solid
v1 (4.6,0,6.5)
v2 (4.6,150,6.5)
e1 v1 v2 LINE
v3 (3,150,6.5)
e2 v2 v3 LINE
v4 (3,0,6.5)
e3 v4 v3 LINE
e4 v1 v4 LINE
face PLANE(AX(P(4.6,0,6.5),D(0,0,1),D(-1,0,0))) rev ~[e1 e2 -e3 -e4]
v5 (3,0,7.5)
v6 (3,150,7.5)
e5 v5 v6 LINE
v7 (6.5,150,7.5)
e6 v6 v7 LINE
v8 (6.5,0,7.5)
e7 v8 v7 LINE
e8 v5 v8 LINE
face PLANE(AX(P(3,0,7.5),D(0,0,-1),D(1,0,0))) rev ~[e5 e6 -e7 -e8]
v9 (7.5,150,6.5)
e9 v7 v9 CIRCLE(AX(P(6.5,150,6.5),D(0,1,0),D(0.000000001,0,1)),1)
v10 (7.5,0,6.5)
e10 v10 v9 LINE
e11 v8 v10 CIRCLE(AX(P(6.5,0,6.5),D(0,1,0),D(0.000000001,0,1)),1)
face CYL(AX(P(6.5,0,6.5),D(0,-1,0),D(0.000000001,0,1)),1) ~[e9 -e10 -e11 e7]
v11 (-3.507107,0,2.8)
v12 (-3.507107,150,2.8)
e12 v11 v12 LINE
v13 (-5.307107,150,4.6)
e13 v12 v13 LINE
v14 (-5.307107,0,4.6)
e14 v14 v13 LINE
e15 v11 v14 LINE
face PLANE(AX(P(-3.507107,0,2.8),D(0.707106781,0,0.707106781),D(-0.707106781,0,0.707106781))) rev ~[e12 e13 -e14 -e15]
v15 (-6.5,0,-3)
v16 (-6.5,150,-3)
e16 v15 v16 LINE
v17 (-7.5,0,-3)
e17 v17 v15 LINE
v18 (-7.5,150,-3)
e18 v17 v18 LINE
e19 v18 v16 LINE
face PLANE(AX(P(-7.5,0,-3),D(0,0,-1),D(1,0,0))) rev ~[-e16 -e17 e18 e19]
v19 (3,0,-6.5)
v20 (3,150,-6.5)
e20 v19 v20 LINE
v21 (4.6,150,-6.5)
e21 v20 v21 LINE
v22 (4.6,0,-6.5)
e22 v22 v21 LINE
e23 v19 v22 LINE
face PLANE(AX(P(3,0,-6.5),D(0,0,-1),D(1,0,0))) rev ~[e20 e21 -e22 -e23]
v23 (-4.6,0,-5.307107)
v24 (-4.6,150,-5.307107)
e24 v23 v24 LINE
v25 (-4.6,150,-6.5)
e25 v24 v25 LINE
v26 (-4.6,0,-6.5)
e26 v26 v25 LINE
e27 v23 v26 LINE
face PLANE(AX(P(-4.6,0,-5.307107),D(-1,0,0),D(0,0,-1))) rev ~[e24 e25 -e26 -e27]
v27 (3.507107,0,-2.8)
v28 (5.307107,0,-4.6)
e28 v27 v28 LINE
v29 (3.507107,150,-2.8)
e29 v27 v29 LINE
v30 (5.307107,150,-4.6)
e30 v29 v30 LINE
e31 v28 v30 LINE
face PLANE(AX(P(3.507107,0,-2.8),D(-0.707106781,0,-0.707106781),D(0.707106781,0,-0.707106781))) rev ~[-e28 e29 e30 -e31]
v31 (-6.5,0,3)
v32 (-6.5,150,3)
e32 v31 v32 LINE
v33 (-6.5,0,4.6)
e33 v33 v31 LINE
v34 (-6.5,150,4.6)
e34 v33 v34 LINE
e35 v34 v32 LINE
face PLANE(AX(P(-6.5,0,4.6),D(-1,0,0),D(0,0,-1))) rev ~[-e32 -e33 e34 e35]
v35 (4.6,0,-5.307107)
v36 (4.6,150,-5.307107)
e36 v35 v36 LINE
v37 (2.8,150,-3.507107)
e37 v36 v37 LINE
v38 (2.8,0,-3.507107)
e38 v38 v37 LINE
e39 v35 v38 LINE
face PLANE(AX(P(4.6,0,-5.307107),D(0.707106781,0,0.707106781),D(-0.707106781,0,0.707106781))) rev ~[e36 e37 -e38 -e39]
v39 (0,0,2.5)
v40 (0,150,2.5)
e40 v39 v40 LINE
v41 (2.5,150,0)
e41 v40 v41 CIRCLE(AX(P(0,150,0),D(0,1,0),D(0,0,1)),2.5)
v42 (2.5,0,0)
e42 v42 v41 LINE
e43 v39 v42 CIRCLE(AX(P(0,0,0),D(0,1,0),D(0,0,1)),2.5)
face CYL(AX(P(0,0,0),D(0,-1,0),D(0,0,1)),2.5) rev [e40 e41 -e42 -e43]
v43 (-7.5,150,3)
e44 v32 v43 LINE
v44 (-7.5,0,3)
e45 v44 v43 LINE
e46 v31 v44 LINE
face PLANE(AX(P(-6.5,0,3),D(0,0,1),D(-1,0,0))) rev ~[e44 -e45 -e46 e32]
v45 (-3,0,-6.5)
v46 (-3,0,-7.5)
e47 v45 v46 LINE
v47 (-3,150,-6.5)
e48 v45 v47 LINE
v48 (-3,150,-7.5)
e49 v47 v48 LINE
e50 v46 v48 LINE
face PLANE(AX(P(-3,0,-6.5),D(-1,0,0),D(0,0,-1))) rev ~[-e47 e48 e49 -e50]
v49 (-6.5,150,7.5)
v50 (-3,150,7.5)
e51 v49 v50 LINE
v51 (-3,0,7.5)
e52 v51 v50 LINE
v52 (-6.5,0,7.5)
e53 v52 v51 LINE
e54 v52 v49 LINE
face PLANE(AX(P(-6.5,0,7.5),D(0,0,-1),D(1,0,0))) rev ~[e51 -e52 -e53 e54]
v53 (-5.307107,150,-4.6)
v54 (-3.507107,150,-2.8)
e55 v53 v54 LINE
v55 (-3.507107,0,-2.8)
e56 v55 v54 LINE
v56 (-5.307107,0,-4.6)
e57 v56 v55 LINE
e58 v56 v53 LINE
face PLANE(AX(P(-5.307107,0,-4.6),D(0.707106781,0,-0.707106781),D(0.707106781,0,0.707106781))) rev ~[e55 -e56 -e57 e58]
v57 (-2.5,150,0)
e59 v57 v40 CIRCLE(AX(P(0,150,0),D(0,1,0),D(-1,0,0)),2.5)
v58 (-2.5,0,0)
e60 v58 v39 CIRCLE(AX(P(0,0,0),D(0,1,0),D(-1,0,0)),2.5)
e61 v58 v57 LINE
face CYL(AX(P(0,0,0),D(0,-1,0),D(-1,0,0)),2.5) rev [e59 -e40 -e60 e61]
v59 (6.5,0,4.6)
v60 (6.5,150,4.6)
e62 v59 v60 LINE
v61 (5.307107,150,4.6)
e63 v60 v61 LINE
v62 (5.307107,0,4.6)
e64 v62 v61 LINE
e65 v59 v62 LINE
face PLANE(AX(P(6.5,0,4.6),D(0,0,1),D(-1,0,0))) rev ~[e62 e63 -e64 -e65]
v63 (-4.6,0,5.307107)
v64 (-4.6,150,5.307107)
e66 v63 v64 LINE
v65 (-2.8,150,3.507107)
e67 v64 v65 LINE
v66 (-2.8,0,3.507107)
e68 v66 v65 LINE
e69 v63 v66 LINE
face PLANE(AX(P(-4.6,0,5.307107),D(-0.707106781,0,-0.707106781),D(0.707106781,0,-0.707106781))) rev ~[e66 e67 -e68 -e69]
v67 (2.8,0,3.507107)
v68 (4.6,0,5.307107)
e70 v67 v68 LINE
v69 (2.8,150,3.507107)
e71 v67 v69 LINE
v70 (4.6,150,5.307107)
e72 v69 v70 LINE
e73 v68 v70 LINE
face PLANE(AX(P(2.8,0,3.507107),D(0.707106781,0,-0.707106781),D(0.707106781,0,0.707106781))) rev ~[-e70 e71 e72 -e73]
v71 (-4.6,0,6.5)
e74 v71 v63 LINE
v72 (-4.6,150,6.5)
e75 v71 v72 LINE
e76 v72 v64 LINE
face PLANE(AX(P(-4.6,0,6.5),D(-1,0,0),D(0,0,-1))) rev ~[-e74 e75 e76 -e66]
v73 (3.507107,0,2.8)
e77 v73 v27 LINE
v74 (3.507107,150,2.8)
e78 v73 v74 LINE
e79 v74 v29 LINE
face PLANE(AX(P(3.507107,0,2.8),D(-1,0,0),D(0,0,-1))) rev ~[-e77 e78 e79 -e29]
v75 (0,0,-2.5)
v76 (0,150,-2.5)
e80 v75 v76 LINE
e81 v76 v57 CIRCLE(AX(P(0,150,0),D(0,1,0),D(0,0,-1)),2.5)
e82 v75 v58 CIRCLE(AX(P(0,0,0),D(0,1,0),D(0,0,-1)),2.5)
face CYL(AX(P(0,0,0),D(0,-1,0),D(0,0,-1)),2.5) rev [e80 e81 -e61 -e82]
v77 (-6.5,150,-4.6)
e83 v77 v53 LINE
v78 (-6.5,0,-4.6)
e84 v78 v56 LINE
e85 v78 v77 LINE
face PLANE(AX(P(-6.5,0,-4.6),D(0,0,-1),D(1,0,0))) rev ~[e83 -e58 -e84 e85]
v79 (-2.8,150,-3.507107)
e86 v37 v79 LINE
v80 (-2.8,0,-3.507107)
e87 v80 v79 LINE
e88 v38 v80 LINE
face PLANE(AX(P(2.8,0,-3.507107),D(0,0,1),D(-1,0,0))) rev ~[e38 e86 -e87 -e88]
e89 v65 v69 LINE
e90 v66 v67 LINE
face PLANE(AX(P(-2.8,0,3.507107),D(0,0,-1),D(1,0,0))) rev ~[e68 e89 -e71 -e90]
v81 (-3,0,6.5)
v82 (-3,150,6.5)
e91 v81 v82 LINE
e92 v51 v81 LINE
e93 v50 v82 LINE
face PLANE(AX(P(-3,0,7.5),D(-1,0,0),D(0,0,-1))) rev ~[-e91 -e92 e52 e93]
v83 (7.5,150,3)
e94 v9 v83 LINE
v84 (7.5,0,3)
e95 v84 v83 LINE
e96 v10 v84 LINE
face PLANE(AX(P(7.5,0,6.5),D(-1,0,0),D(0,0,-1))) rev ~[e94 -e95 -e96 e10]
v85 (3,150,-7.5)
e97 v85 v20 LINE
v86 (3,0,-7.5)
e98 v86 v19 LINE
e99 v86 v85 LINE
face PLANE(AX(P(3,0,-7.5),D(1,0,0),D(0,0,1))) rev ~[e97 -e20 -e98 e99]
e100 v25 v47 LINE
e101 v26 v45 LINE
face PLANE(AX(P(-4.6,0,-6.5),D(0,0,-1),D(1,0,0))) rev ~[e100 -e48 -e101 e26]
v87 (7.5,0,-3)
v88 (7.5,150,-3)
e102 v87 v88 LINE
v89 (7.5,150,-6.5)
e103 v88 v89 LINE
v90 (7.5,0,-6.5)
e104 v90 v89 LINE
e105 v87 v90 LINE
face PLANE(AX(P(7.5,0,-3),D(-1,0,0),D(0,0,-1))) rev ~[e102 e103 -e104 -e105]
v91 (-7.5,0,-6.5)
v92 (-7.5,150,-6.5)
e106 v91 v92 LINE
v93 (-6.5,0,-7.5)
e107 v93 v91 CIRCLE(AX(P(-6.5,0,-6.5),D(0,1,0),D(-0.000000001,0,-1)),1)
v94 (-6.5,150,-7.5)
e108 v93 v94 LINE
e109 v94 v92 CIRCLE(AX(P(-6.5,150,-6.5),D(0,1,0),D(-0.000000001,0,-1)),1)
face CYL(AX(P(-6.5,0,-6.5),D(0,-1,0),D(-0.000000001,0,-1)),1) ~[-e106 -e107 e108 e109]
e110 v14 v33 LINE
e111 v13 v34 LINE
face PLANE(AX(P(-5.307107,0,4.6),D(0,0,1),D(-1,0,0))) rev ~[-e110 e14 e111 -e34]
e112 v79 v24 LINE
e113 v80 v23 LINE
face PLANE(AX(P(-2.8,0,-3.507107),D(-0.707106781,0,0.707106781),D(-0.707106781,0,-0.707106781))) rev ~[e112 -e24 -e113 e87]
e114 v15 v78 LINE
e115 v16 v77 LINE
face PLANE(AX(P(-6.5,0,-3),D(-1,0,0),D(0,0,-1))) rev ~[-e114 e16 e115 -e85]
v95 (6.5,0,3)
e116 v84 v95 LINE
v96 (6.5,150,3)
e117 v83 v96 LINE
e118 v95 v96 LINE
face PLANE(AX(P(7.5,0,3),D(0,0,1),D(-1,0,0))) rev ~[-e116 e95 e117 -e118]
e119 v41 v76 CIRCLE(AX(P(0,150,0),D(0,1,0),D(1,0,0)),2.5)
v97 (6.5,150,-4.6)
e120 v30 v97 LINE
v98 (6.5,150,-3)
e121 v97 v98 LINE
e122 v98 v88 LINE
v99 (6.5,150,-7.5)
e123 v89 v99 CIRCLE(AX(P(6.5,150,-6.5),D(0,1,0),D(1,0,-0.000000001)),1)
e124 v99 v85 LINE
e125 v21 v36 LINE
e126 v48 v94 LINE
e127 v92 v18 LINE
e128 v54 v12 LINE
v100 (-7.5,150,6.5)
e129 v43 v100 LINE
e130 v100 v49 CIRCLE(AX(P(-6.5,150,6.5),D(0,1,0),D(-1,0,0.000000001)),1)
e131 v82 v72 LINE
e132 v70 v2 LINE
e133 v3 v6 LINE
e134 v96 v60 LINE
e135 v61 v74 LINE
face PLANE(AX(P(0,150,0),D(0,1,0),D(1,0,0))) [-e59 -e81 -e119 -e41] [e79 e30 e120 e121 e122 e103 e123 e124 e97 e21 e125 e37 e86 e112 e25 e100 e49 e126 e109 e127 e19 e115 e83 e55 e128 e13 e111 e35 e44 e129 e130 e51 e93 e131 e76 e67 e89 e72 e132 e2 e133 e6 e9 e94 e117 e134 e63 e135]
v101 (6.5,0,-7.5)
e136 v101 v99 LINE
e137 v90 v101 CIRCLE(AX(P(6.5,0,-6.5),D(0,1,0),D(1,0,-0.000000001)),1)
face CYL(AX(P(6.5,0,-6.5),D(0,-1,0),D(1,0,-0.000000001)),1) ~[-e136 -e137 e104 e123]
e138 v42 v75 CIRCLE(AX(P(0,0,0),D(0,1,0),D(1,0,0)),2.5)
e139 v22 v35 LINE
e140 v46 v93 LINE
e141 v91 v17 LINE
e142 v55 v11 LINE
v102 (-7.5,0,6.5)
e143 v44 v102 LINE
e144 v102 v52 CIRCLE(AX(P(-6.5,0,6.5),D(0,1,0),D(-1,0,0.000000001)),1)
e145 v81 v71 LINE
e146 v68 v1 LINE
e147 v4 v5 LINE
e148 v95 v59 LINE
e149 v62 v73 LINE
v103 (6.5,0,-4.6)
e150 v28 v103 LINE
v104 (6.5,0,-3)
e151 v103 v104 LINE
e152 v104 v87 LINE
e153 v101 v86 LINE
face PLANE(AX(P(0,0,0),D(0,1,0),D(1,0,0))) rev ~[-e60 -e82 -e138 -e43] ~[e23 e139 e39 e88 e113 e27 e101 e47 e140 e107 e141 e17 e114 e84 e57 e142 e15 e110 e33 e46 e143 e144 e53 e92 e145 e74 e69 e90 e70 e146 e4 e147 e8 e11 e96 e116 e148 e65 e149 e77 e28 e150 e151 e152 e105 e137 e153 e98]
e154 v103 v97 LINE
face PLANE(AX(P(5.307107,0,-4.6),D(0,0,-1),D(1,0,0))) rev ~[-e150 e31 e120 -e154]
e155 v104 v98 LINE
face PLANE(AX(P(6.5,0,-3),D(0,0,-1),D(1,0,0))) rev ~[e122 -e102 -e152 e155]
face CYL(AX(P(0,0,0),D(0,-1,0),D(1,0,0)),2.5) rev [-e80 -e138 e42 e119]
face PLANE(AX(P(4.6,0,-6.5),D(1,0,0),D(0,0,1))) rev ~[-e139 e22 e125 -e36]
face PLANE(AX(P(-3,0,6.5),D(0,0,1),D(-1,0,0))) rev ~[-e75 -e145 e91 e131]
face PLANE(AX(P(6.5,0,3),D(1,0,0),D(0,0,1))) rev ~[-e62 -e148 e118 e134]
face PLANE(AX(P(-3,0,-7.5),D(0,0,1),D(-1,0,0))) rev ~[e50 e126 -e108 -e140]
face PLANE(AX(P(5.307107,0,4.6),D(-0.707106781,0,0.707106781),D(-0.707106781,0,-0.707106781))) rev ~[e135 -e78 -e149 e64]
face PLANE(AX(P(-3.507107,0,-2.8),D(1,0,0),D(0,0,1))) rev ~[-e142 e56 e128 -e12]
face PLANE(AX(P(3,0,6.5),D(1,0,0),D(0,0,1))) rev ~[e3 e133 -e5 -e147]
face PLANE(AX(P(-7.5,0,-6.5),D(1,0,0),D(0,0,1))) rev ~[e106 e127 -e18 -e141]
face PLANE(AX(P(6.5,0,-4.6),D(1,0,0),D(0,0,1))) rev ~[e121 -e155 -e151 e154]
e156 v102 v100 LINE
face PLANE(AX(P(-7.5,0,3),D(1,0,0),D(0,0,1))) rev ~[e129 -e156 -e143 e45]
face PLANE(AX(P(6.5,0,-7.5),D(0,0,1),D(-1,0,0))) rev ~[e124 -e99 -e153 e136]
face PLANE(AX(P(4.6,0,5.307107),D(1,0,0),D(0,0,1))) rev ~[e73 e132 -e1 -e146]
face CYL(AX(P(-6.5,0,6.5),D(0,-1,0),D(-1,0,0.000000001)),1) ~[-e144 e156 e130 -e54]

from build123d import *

# Parameters (mm, degrees)
BOSS_EXTRUDE1_DEPTH = 150


with BuildPart() as part:
    # Sketch1 → Boss-Extrude1 (new body)
    with BuildSketch(Plane(origin=(0, 0, 0), x_dir=(1, 0, 0), z_dir=(0, 1, 0))):
        with BuildLine():
            Line((-7.5, -3), (-7.5, -6.5))
            ThreePointArc((-7.5, -6.5), (-7.207106781, -7.207106781), (-6.5, -7.5))
            Line((-6.5, -7.5), (-3, -7.5))
            Line((-3, -7.5), (-3, -6.5))
            Line((-3, -6.5), (-4.6, -6.5))
            Line((-4.6, -6.5), (-4.6, -5.307106781))
            Line((-4.6, -5.307106781), (-2.8, -3.507106781))
            Line((-2.8, -3.507106781), (0, -3.507106781))
            Line((0, -3.507106781), (2.8, -3.507106781))
            Line((2.8, -3.507106781), (4.6, -5.307106781))
            Line((4.6, -5.307106781), (4.6, -6.5))
            Line((4.6, -6.5), (3, -6.5))
            Line((3, -6.5), (3, -7.5))
            Line((3, -7.5), (6.5, -7.5))
            ThreePointArc((6.5, -7.5), (7.207106781, -7.207106781), (7.5, -6.5))
            Line((7.5, -6.5), (7.5, -3))
            Line((7.5, -3), (6.5, -3))
            Line((6.5, -3), (6.5, -4.6))
            Line((6.5, -4.6), (5.307106781, -4.6))
            Line((5.307106781, -4.6), (3.507106781, -2.8))
            Line((3.507106781, -2.8), (3.507106781, 0))
            Line((3.507106781, 0), (3.507106781, 2.8))
            Line((3.507106781, 2.8), (5.307106781, 4.6))
            Line((5.307106781, 4.6), (6.5, 4.6))
            Line((6.5, 4.6), (6.5, 3))
            Line((6.5, 3), (7.5, 3))
            Line((7.5, 3), (7.5, 6.5))
            ThreePointArc((7.5, 6.5), (7.207106781, 7.207106781), (6.5, 7.5))
            Line((6.5, 7.5), (3, 7.5))
            Line((3, 7.5), (3, 6.5))
            Line((3, 6.5), (4.6, 6.5))
            Line((4.6, 6.5), (4.6, 5.307106781))
            Line((4.6, 5.307106781), (2.8, 3.507106781))
            Line((2.8, 3.507106781), (0, 3.507106781))
            Line((0, 3.507106781), (-2.8, 3.507106781))
            Line((-2.8, 3.507106781), (-4.6, 5.307106781))
            Line((-4.6, 5.307106781), (-4.6, 6.5))
            Line((-4.6, 6.5), (-3, 6.5))
            Line((-3, 6.5), (-3, 7.5))
            Line((-3, 7.5), (-6.5, 7.5))
            ThreePointArc((-6.5, 7.5), (-7.207106781, 7.207106781), (-7.5, 6.5))
            Line((-7.5, 6.5), (-7.5, 3))
            Line((-7.5, 3), (-6.5, 3))
            Line((-6.5, 3), (-6.5, 4.6))
            Line((-6.5, 4.6), (-5.307106781, 4.6))
            Line((-5.307106781, 4.6), (-3.507106781, 2.8))
            Line((-3.507106781, 2.8), (-3.507106781, 0))
            Line((-3.507106781, 0), (-3.507106781, -2.8))
            Line((-3.507106781, -2.8), (-5.307106781, -4.6))
            Line((-5.307106781, -4.6), (-6.5, -4.6))
            Line((-6.5, -4.6), (-6.5, -3))
            Line((-6.5, -3), (-7.5, -3))
        make_face()
        with BuildLine():
            ThreePointArc((-2.5, 0), (-1.767766953, -1.767766953), (0, -2.5))
            ThreePointArc((0, -2.5), (1.767766953, -1.767766953), (2.5, 0))
            ThreePointArc((2.5, 0), (1.767766953, 1.767766953), (0, 2.5))
            ThreePointArc((0, 2.5), (-1.767766953, 1.767766953), (-2.5, 0))
        make_face(mode=Mode.SUBTRACT)
    extrude(amount=BOSS_EXTRUDE1_DEPTH)


solid = part.part
